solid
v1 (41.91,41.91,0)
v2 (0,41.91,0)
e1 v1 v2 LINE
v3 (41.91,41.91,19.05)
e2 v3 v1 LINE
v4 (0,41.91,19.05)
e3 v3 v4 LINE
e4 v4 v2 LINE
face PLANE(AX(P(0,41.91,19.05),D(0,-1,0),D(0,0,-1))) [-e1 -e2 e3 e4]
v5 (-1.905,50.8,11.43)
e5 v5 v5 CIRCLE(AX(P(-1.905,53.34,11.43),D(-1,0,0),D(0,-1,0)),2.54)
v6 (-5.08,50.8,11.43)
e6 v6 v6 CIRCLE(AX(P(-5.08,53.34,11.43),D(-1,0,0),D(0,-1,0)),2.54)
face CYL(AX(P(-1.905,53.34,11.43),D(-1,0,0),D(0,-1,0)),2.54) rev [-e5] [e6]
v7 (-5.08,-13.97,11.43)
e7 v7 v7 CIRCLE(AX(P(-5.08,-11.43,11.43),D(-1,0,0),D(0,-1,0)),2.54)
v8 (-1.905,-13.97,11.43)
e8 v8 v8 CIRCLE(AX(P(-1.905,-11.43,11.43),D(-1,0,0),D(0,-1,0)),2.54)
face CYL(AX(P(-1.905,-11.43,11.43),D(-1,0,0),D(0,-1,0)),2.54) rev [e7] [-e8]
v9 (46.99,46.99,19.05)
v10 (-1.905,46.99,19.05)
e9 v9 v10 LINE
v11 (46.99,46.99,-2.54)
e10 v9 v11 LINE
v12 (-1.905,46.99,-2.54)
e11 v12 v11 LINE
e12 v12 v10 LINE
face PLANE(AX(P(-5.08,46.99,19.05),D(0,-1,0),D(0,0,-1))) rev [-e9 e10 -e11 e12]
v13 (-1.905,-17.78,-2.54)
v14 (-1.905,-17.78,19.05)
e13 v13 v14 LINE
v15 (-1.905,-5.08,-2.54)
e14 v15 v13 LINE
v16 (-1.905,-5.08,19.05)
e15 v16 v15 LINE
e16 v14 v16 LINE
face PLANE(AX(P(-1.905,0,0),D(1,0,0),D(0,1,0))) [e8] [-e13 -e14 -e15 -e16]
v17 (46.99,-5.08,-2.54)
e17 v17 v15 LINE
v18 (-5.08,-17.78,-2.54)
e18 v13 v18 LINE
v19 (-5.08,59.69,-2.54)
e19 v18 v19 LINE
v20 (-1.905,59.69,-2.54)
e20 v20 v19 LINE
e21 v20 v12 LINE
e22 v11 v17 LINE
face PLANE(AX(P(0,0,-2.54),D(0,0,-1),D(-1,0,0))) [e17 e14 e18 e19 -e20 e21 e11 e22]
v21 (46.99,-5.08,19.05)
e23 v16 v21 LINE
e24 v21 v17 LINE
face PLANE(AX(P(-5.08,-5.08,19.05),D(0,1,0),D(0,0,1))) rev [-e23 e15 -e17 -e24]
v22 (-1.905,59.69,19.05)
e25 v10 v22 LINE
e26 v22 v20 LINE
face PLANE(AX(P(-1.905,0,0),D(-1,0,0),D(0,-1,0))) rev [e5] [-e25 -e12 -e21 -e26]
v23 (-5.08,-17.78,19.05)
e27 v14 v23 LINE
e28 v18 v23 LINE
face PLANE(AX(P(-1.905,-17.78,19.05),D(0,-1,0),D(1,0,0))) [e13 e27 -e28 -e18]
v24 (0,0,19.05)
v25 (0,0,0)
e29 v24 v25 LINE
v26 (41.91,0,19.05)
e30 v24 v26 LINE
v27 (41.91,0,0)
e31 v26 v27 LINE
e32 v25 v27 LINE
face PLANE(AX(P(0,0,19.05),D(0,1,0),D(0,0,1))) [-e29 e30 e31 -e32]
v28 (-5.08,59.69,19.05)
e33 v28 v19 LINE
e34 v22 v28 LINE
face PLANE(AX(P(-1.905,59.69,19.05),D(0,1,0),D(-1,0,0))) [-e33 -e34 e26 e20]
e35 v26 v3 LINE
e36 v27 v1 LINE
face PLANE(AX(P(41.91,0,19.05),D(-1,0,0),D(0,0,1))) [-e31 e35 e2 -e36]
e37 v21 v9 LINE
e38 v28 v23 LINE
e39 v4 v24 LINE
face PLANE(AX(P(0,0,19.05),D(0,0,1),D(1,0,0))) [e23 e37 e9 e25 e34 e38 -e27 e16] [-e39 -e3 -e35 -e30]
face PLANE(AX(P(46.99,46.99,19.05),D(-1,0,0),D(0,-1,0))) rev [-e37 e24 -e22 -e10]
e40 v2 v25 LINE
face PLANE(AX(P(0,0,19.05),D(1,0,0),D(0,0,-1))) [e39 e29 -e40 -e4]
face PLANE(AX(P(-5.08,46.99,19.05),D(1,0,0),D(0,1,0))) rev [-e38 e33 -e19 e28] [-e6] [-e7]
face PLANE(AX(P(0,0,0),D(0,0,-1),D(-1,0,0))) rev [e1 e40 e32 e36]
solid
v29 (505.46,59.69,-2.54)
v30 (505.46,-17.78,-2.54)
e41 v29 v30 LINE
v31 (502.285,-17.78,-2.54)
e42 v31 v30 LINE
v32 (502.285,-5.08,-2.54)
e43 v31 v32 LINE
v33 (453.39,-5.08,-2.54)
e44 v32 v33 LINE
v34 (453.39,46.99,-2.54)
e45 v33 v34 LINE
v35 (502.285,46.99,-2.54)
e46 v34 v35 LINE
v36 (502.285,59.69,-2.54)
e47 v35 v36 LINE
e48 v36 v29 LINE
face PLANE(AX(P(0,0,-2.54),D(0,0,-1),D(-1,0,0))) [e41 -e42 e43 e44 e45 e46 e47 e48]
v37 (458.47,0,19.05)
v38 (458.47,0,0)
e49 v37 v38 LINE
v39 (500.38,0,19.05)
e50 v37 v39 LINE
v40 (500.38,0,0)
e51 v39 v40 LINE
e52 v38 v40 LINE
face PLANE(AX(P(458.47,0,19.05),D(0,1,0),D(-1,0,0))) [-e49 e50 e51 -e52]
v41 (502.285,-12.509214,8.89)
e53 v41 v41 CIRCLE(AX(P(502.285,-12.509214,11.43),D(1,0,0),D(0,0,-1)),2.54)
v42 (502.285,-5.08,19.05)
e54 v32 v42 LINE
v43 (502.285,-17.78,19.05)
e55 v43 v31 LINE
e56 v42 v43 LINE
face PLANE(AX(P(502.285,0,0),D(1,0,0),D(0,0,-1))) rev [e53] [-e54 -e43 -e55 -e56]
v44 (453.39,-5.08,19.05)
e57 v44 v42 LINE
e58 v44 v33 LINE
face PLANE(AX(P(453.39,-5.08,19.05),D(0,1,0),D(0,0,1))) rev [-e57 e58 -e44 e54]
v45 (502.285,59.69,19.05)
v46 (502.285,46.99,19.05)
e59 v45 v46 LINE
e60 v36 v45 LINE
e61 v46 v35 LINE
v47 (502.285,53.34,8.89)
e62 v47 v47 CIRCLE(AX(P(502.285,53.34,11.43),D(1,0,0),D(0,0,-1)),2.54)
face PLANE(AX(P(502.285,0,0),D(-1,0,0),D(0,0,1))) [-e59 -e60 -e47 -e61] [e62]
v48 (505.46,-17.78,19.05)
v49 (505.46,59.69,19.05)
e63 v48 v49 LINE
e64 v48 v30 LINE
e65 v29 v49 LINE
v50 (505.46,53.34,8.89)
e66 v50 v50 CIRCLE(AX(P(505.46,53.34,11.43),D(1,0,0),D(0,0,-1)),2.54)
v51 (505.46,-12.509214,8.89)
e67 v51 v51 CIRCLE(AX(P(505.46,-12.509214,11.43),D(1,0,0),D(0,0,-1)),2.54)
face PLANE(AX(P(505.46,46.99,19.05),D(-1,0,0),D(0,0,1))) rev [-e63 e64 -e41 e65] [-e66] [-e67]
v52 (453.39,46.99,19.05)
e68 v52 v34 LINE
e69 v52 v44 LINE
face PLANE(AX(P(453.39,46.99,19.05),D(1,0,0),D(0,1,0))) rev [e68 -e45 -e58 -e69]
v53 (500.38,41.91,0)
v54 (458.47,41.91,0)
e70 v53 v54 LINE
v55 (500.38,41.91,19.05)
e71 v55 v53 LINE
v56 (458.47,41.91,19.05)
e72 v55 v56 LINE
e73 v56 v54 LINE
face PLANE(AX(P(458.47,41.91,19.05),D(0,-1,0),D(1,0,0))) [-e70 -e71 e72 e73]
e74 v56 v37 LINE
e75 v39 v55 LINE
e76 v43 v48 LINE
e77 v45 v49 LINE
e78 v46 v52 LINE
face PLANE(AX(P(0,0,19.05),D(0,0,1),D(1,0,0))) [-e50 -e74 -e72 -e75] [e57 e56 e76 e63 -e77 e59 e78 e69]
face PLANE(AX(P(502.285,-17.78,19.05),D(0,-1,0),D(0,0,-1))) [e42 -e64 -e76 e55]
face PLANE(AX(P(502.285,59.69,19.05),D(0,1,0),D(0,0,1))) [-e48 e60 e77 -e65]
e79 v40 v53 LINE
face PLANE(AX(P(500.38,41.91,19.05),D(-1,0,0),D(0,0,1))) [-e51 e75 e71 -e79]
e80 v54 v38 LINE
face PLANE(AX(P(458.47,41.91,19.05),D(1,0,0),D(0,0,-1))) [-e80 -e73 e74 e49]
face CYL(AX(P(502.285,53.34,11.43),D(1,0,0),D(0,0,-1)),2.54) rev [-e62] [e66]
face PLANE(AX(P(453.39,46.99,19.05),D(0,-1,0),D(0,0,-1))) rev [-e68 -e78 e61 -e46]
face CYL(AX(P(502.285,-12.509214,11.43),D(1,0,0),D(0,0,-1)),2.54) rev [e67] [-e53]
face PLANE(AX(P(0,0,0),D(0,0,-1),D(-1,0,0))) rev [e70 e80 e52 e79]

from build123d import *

# Parameters (mm, degrees)
SKETCH1_W             = 52.07
SKETCH1_H             = 52.07
SKETCH1_W_2           = 41.91
SKETCH1_H_2           = 41.91
BOSS_EXTRUDE1_DEPTH   = 19.05
BOSS_EXTRUDE1_2_DEPTH = 19.05
SKETCH3_W             = 52.07
SKETCH3_H             = 52.07
BOSS_EXTRUDE6_DEPTH   = 2.54
SKETCH4_W             = 21.59
SKETCH4_H             = 12.7
SKETCH4_R             = 2.54
BOSS_EXTRUDE7_DEPTH   = 3.175
SKETCH5_W             = 21.59
SKETCH5_H             = 12.7
SKETCH5_R             = 2.54
BOSS_EXTRUDE8_DEPTH   = 3.175


with BuildPart() as part:
    # Sketch1 → Boss-Extrude1 (new body)
    with BuildSketch(Plane.XY):
        with Locations((20.955, 20.955)):
            Rectangle(SKETCH1_W, SKETCH1_H)
        with Locations((20.955, 20.955)):
            Rectangle(SKETCH1_W_2, SKETCH1_H_2, mode=Mode.SUBTRACT)
    extrude(amount=BOSS_EXTRUDE1_DEPTH)



with BuildPart() as body_2:
    # Sketch1 → Boss-Extrude1 2 (new body)
    with BuildSketch(Plane.XY):
        with Locations((479.425, 20.955)):
            Rectangle(SKETCH1_W, SKETCH1_H)
        with Locations((479.425, 20.955)):
            Rectangle(SKETCH1_W_2, SKETCH1_H_2, mode=Mode.SUBTRACT)
    extrude(amount=BOSS_EXTRUDE1_2_DEPTH)


with BuildPart() as part_1:
    add(part.part)

    add(body_2.part)  # Boss-Extrude6 merges body 2
    # Sketch3 → Boss-Extrude6 (add)
    with BuildSketch(Plane(origin=(0, 0, 0), x_dir=(-1, 0, 0), z_dir=(0, 0, -1))):
        with Locations((-20.955, 20.955)):
            Rectangle(SKETCH3_W, SKETCH3_H)
        with Locations((-479.425, 20.955)):
            Rectangle(SKETCH3_W, SKETCH3_H)
    extrude(amount=BOSS_EXTRUDE6_DEPTH)

    # Sketch4 → Boss-Extrude7 (add)
    with BuildSketch(Plane.ZY.offset(5.08)):
        with Locations((8.255, -11.43)):
            Rectangle(SKETCH4_W, SKETCH4_H)
        with Locations((11.43, -11.43)):
            Circle(SKETCH4_R, mode=Mode.SUBTRACT)
        with Locations((8.255, 53.34)):
            Rectangle(SKETCH4_W, SKETCH4_H)
        with Locations((11.43, 53.34)):
            Circle(SKETCH4_R, mode=Mode.SUBTRACT)
    extrude(amount=-BOSS_EXTRUDE7_DEPTH)

    # Sketch5 → Boss-Extrude8 (add)
    with BuildSketch(Plane(origin=(505.46, 0, 0), x_dir=(0, 0, -1), z_dir=(1, 0, 0))):
        with Locations((-8.255, -11.43)):
            Rectangle(SKETCH5_W, SKETCH5_H)
        with Locations((-11.43, -12.509213566)):
            Circle(SKETCH5_R, mode=Mode.SUBTRACT)
        with Locations((-8.255, 53.34)):
            Rectangle(SKETCH5_W, SKETCH5_H)
        with Locations((-11.43, 53.34)):
            Circle(SKETCH5_R, mode=Mode.SUBTRACT)
    extrude(amount=-BOSS_EXTRUDE8_DEPTH)


solid = part_1.part
